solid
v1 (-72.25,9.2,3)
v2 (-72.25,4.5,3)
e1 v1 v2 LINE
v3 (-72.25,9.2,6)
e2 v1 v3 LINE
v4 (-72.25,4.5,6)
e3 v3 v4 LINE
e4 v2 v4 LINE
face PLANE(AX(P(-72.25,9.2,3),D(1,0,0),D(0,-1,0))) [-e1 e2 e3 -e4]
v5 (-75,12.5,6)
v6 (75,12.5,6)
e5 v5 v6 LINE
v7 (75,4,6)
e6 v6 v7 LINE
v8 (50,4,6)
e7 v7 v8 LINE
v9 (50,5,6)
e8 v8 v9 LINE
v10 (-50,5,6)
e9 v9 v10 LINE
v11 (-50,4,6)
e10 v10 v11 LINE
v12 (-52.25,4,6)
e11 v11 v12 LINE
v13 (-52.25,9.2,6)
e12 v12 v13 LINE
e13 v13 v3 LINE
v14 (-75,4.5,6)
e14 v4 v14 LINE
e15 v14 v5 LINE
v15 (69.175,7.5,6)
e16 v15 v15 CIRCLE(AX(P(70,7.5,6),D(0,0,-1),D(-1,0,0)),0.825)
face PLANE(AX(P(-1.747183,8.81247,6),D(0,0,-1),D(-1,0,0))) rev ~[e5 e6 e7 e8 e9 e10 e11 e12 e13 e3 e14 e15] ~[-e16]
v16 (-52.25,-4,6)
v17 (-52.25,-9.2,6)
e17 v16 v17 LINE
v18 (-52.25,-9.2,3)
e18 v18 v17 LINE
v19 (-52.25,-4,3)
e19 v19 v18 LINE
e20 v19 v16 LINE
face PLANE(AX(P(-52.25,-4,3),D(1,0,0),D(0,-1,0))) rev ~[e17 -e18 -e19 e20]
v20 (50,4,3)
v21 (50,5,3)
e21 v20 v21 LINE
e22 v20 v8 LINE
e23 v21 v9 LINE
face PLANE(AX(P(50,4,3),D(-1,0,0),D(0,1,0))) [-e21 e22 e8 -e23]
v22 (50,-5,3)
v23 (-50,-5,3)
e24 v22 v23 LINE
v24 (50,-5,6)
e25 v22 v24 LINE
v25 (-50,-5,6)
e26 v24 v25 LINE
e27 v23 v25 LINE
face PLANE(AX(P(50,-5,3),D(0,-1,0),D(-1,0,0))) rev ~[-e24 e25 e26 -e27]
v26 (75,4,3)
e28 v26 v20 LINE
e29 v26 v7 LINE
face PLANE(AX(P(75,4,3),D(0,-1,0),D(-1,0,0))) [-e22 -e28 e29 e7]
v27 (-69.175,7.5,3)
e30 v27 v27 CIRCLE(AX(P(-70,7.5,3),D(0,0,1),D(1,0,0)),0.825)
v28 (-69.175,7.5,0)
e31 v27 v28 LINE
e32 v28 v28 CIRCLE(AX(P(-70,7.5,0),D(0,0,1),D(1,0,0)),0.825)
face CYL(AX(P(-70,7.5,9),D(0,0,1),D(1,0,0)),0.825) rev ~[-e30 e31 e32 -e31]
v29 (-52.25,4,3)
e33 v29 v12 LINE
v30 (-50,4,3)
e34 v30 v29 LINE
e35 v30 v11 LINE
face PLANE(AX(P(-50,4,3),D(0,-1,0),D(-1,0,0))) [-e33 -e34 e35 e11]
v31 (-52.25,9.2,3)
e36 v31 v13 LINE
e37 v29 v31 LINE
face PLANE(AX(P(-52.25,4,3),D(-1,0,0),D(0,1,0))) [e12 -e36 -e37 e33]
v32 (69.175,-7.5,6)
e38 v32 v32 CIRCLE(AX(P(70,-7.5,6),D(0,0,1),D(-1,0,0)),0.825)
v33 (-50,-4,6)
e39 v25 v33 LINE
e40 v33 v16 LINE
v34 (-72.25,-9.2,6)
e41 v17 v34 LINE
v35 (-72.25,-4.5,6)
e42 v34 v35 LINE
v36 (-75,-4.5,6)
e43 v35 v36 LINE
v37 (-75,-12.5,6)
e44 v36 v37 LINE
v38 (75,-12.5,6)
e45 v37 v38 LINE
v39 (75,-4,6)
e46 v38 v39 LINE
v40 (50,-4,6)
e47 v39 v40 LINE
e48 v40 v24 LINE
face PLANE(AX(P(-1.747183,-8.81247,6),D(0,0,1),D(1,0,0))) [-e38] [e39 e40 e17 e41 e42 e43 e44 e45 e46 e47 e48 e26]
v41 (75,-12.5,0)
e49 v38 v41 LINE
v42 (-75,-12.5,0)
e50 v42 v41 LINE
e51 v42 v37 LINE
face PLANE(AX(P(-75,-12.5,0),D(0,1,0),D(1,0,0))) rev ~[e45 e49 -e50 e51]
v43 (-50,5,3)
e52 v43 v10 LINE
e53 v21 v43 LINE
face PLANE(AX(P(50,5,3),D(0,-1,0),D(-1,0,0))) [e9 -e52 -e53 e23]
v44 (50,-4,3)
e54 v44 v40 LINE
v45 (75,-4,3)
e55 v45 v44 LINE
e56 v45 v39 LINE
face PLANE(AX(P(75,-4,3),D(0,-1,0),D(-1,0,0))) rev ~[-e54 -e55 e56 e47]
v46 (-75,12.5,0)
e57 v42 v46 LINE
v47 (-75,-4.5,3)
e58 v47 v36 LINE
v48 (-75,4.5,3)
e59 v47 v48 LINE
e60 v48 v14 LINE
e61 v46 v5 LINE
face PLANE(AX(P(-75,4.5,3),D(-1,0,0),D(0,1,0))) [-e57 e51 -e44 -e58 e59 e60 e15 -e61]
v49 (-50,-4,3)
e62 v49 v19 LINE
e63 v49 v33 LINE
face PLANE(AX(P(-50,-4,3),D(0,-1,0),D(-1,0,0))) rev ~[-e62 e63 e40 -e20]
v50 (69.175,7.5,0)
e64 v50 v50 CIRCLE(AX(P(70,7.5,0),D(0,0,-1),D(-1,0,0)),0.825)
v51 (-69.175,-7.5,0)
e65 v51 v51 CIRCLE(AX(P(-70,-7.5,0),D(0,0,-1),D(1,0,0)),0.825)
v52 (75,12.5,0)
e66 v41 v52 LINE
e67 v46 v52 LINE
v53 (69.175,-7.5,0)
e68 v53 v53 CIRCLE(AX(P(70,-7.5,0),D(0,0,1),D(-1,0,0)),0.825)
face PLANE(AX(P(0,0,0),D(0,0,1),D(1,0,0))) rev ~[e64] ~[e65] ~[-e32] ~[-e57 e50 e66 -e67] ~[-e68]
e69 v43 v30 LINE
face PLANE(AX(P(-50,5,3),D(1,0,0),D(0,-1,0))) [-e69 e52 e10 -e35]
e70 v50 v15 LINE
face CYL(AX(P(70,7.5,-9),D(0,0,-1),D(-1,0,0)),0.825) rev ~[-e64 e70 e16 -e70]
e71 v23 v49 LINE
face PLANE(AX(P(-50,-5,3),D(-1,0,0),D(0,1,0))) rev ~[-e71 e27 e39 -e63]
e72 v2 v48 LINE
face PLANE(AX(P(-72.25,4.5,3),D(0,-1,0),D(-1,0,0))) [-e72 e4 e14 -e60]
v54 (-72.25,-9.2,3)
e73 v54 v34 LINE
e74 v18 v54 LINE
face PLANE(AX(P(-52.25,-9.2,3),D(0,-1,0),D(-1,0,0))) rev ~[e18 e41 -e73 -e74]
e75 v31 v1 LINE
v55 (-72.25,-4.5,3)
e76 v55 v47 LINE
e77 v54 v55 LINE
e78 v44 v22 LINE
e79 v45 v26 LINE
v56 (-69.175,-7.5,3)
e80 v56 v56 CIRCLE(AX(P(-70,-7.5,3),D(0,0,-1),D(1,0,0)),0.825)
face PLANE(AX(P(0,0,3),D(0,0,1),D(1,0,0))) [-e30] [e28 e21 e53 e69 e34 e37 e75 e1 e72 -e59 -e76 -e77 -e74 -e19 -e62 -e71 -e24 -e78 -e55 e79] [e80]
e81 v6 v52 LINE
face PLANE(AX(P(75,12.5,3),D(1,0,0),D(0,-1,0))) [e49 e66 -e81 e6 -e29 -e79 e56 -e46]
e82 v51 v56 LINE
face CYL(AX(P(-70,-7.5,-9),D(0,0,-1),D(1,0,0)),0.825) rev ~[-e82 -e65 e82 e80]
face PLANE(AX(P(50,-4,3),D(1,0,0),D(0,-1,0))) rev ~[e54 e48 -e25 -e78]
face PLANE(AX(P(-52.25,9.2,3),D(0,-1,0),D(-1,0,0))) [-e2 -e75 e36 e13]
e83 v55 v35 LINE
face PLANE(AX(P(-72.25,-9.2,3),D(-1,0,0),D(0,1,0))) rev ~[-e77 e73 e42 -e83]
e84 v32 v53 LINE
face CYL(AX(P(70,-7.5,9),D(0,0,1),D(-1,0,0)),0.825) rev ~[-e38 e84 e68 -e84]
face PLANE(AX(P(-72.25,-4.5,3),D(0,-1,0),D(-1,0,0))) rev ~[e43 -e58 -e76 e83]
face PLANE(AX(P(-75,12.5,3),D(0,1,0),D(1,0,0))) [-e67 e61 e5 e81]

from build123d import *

# Parameters (mm, degrees)
SKETCH_W              = 150
SKETCH_H              = 25
PAD_DEPTH             = 3
PAD001_DEPTH          = 3
SKETCH003_R           = 0.825
POCKET_DEPTH          = 313.375769
POLARPATTERN_COUNT    = 2
POLARPATTERN001_COUNT = 2
POLARPATTERN002_COUNT = 2


with BuildPart() as part:
    # Sketch → Pad (new body)
    with BuildSketch(Plane.XY):
        Rectangle(SKETCH_W, SKETCH_H)
    extrude(amount=PAD_DEPTH)

    # Sketch001 (on Face6 of Pad) → Pad001 (join)
    with BuildSketch(Plane.XY.offset(3)):
        Polygon((-75, 12.5), (75, 12.5), (75, 4), (50, 4), (50, 5), (-50, 5), (-50, 4), (-52.25, 4), (-52.25, 9.2), (-72.25, 9.2), (-72.25, 4.5), (-75, 4.5), align=None)
        Polygon((-75, -12.5), (75, -12.5), (75, -4), (50, -4), (50, -5), (-50, -5), (-50, -4), (-52.25, -4), (-52.25, -9.2), (-72.25, -9.2), (-72.25, -4.5), (-75, -4.5), align=None)
    extrude(amount=PAD001_DEPTH)

    # Sketch003 → Pocket (cut, through all)
    with BuildSketch(Plane.XY.offset(9)):
        with Locations((-70, 7.5)):
            Circle(SKETCH003_R)
    pocket = extrude(amount=-POCKET_DEPTH, mode=Mode.SUBTRACT)

    # PolarPattern: Pocket ×2 about axis
    polarpattern_axis = Axis((0, 0, 0), (0, 1, 0))
    for i in range(1, POLARPATTERN_COUNT):
        add(pocket.rotate(polarpattern_axis, i * 360 / POLARPATTERN_COUNT), mode=Mode.SUBTRACT)

    # PolarPattern001: Pocket ×2 about axis
    polarpattern001_axis = Axis((0, 0, 0), (1, 0, 0))
    for i in range(1, POLARPATTERN001_COUNT):
        add(pocket.rotate(polarpattern001_axis, i * 360 / POLARPATTERN001_COUNT), mode=Mode.SUBTRACT)

    # PolarPattern002: Pocket ×2 about axis
    polarpattern002_axis = Axis((0, 0, 9), (0, 0, 1))
    for i in range(1, POLARPATTERN002_COUNT):
        add(pocket.rotate(polarpattern002_axis, i * 360 / POLARPATTERN002_COUNT), mode=Mode.SUBTRACT)


solid = part.part
